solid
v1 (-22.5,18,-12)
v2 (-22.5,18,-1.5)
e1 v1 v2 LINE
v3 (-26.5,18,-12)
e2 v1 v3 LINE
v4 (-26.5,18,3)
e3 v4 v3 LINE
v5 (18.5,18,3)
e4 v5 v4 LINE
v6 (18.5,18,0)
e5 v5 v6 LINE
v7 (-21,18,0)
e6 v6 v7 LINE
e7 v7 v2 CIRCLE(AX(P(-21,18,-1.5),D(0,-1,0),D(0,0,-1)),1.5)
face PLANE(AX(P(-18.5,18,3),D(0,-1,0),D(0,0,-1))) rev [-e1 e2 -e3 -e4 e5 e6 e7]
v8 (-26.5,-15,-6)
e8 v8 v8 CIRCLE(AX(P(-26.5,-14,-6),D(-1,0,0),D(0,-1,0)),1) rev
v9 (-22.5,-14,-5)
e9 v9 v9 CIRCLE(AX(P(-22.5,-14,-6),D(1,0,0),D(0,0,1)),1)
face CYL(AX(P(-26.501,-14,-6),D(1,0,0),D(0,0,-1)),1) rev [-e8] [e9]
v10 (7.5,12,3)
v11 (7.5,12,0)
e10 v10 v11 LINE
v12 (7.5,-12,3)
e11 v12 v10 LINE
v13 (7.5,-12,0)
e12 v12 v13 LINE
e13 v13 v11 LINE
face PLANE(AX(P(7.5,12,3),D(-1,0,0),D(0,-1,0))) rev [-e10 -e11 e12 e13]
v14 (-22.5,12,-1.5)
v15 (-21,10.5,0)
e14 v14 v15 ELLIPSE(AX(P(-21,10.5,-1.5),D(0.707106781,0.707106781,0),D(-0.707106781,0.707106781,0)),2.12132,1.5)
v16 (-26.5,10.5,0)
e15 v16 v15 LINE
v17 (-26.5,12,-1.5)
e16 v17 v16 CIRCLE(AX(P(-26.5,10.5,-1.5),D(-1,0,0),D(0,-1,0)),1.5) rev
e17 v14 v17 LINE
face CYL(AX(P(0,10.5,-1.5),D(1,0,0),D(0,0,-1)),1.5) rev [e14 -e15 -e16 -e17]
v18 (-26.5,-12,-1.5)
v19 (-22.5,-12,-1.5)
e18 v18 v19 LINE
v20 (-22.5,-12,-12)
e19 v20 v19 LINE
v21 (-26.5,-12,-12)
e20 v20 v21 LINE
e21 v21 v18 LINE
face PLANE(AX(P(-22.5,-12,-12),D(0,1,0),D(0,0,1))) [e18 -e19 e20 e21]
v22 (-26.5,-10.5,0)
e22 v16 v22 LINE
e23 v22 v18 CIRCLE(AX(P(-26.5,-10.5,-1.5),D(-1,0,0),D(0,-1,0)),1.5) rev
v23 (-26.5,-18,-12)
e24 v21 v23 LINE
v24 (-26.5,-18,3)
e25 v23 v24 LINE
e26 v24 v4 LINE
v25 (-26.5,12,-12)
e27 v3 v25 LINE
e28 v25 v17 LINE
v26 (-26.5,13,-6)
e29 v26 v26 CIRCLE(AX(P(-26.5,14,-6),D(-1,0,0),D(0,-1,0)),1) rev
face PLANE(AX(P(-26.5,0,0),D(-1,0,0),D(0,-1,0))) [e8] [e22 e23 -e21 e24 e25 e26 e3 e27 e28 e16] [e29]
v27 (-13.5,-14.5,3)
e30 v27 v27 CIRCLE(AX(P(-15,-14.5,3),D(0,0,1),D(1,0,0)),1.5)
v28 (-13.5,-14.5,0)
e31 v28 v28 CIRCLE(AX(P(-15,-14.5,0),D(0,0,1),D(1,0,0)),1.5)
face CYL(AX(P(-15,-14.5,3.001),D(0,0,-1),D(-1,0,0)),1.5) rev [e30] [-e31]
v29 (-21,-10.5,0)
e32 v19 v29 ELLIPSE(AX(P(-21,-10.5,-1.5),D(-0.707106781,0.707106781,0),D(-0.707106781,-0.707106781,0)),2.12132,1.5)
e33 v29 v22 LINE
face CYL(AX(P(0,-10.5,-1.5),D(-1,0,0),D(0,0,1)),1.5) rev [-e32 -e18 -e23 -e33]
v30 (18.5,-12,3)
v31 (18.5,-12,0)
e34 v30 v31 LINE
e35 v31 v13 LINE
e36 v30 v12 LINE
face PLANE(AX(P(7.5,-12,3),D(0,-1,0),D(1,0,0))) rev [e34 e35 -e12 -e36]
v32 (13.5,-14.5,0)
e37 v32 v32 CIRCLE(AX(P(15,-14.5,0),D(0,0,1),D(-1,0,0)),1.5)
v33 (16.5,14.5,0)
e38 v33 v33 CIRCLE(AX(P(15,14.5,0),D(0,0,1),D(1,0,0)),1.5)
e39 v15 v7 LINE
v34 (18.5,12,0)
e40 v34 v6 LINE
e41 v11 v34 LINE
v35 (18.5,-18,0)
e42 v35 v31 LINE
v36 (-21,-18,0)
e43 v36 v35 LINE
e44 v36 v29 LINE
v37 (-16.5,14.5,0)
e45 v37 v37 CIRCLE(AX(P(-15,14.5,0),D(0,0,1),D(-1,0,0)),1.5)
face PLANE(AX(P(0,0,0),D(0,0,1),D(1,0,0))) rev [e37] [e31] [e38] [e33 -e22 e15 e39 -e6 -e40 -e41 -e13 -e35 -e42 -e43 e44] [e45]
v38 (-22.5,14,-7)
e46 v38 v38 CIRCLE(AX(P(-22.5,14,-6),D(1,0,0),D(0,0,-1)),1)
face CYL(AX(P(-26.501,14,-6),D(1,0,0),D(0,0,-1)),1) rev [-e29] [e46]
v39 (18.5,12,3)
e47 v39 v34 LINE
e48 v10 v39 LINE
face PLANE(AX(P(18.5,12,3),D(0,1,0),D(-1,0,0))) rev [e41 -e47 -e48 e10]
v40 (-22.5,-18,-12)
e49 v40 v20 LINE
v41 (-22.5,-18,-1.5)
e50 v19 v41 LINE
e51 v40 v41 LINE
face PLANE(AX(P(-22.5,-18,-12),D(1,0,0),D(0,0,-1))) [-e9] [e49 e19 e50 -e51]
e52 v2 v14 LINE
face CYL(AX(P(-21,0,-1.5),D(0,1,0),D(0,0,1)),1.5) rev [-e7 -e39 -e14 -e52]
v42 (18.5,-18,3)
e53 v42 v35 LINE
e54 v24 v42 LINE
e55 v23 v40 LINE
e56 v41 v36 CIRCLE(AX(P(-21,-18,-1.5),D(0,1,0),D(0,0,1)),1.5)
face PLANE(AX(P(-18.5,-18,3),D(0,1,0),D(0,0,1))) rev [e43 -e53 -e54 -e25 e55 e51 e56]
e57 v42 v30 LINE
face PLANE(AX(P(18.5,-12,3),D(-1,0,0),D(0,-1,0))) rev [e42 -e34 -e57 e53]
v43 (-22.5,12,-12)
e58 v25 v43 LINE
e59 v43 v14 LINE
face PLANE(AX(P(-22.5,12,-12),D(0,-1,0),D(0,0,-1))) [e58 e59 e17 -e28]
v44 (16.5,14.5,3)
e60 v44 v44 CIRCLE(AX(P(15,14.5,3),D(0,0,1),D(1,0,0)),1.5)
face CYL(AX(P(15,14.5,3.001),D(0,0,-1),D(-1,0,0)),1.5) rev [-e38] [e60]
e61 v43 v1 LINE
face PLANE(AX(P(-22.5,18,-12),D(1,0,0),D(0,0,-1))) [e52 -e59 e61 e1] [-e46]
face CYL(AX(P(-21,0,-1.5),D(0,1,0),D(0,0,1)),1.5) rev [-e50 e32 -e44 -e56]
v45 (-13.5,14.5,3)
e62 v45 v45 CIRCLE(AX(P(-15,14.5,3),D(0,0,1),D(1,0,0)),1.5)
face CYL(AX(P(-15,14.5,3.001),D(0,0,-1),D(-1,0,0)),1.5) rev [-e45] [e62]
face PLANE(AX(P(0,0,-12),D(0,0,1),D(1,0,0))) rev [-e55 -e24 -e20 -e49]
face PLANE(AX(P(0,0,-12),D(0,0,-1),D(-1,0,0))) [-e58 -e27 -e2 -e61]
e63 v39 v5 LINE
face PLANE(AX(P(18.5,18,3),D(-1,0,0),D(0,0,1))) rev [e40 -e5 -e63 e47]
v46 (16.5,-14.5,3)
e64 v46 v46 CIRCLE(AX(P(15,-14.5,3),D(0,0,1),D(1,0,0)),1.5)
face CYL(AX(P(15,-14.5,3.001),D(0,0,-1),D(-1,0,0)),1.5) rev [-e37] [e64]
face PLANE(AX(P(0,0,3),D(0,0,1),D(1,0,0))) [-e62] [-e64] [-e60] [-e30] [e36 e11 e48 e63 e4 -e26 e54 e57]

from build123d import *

# Parameters (mm, degrees)
BOSS_EXTRUDE1_DEPTH = 3
CUT_EXTRUDE1_REACH  = 5
SKETCH2_R           = 1.5
SKETCH6_W           = 3
SKETCH6_H           = 36
BOSS_EXTRUDE3_DEPTH = 8
SKETCH9_W           = 4
SKETCH9_H           = 6
BOSS_EXTRUDE4_DEPTH = 12
CUT_EXTRUDE2_REACH  = 6
SKETCH10_R          = 1
FILLET1_R           = 1.5


with BuildPart() as part:
    # Sketch1 → Boss-Extrude1 (new body)
    with BuildSketch(Plane.XY):
        Polygon((-18.5, 18), (18.5, 18), (18.5, 12), (7.5, 12), (7.5, -12), (18.5, -12), (18.5, -18), (-18.5, -18), align=None)
    extrude(amount=BOSS_EXTRUDE1_DEPTH)

    # Sketch2 → Cut-Extrude1 (cut, up to next)
    with BuildSketch(Plane.XY, mode=Mode.PRIVATE) as cut_extrude1_sk1:
        with Locations((-15, -14.5)):
            Circle(SKETCH2_R)
    cut_extrude1_tool1 = extrude(cut_extrude1_sk1.sketch, amount=CUT_EXTRUDE1_REACH, mode=Mode.PRIVATE) & part.part
    add(cut_extrude1_tool1.solids().sort_by_distance((-15, -14.5, 0))[0], mode=Mode.SUBTRACT)
    # Sketch2 → Cut-Extrude1 (cut, up to next)
    with BuildSketch(Plane.XY, mode=Mode.PRIVATE) as cut_extrude1_sk2:
        with Locations((15, -14.5)):
            Circle(SKETCH2_R)
    cut_extrude1_tool2 = extrude(cut_extrude1_sk2.sketch, amount=CUT_EXTRUDE1_REACH, mode=Mode.PRIVATE) & part.part
    add(cut_extrude1_tool2.solids().sort_by_distance((15, -14.5, 0))[0], mode=Mode.SUBTRACT)
    # Sketch2 → Cut-Extrude1 (cut, up to next)
    with BuildSketch(Plane.XY, mode=Mode.PRIVATE) as cut_extrude1_sk3:
        with Locations((15, 14.5)):
            Circle(SKETCH2_R)
    cut_extrude1_tool3 = extrude(cut_extrude1_sk3.sketch, amount=CUT_EXTRUDE1_REACH, mode=Mode.PRIVATE) & part.part
    add(cut_extrude1_tool3.solids().sort_by_distance((15, 14.5, 0))[0], mode=Mode.SUBTRACT)
    # Sketch2 → Cut-Extrude1 (cut, up to next)
    with BuildSketch(Plane.XY, mode=Mode.PRIVATE) as cut_extrude1_sk4:
        with Locations((-15, 14.5)):
            Circle(SKETCH2_R)
    cut_extrude1_tool4 = extrude(cut_extrude1_sk4.sketch, amount=CUT_EXTRUDE1_REACH, mode=Mode.PRIVATE) & part.part
    add(cut_extrude1_tool4.solids().sort_by_distance((-15, 14.5, 0))[0], mode=Mode.SUBTRACT)

    # Sketch6 → Boss-Extrude3 (add)
    with BuildSketch(Plane.ZY.offset(18.5)):
        with Locations((1.5, 0)):
            Rectangle(SKETCH6_W, SKETCH6_H)
    extrude(amount=BOSS_EXTRUDE3_DEPTH)

    # Sketch9 → Boss-Extrude4 (add)
    with BuildSketch(Plane.XY):
        with Locations((-24.5, 15)):
            Rectangle(SKETCH9_W, SKETCH9_H)
        with Locations((-24.5, -15)):
            Rectangle(SKETCH9_W, SKETCH9_H)
    extrude(amount=-BOSS_EXTRUDE4_DEPTH)

    # Sketch10 → Cut-Extrude2 (cut, up to next)
    with BuildSketch(Plane(origin=(-22.5, 0, 0), x_dir=(0, 0, -1), z_dir=(1, 0, 0)), mode=Mode.PRIVATE) as cut_extrude2_sk1:
        with Locations((6, 14)):
            Circle(SKETCH10_R)
    cut_extrude2_tool1 = extrude(cut_extrude2_sk1.sketch, amount=-CUT_EXTRUDE2_REACH, mode=Mode.PRIVATE) & part.part
    add(cut_extrude2_tool1.solids().sort_by_distance((-22.5, 14, -6))[0], mode=Mode.SUBTRACT)
    # Sketch10 → Cut-Extrude2 (cut, up to next)
    with BuildSketch(Plane(origin=(-22.5, 0, 0), x_dir=(0, 0, -1), z_dir=(1, 0, 0)), mode=Mode.PRIVATE) as cut_extrude2_sk2:
        with Locations((6, -14)):
            Circle(SKETCH10_R)
    cut_extrude2_tool2 = extrude(cut_extrude2_sk2.sketch, amount=-CUT_EXTRUDE2_REACH, mode=Mode.PRIVATE) & part.part
    add(cut_extrude2_tool2.solids().sort_by_distance((-22.5, -14, -6))[0], mode=Mode.SUBTRACT)

    # Fillet1
    fillet1_edges = [part.edges().sort_by_distance(p)[0] for p in [
        (-24.5, 12, 0),
        (-22.5, 15, 0),
        (-24.5, -12, 0),
        (-22.5, -15, 0),
    ]]
    fillet(fillet1_edges, radius=FILLET1_R)


solid = part.part
